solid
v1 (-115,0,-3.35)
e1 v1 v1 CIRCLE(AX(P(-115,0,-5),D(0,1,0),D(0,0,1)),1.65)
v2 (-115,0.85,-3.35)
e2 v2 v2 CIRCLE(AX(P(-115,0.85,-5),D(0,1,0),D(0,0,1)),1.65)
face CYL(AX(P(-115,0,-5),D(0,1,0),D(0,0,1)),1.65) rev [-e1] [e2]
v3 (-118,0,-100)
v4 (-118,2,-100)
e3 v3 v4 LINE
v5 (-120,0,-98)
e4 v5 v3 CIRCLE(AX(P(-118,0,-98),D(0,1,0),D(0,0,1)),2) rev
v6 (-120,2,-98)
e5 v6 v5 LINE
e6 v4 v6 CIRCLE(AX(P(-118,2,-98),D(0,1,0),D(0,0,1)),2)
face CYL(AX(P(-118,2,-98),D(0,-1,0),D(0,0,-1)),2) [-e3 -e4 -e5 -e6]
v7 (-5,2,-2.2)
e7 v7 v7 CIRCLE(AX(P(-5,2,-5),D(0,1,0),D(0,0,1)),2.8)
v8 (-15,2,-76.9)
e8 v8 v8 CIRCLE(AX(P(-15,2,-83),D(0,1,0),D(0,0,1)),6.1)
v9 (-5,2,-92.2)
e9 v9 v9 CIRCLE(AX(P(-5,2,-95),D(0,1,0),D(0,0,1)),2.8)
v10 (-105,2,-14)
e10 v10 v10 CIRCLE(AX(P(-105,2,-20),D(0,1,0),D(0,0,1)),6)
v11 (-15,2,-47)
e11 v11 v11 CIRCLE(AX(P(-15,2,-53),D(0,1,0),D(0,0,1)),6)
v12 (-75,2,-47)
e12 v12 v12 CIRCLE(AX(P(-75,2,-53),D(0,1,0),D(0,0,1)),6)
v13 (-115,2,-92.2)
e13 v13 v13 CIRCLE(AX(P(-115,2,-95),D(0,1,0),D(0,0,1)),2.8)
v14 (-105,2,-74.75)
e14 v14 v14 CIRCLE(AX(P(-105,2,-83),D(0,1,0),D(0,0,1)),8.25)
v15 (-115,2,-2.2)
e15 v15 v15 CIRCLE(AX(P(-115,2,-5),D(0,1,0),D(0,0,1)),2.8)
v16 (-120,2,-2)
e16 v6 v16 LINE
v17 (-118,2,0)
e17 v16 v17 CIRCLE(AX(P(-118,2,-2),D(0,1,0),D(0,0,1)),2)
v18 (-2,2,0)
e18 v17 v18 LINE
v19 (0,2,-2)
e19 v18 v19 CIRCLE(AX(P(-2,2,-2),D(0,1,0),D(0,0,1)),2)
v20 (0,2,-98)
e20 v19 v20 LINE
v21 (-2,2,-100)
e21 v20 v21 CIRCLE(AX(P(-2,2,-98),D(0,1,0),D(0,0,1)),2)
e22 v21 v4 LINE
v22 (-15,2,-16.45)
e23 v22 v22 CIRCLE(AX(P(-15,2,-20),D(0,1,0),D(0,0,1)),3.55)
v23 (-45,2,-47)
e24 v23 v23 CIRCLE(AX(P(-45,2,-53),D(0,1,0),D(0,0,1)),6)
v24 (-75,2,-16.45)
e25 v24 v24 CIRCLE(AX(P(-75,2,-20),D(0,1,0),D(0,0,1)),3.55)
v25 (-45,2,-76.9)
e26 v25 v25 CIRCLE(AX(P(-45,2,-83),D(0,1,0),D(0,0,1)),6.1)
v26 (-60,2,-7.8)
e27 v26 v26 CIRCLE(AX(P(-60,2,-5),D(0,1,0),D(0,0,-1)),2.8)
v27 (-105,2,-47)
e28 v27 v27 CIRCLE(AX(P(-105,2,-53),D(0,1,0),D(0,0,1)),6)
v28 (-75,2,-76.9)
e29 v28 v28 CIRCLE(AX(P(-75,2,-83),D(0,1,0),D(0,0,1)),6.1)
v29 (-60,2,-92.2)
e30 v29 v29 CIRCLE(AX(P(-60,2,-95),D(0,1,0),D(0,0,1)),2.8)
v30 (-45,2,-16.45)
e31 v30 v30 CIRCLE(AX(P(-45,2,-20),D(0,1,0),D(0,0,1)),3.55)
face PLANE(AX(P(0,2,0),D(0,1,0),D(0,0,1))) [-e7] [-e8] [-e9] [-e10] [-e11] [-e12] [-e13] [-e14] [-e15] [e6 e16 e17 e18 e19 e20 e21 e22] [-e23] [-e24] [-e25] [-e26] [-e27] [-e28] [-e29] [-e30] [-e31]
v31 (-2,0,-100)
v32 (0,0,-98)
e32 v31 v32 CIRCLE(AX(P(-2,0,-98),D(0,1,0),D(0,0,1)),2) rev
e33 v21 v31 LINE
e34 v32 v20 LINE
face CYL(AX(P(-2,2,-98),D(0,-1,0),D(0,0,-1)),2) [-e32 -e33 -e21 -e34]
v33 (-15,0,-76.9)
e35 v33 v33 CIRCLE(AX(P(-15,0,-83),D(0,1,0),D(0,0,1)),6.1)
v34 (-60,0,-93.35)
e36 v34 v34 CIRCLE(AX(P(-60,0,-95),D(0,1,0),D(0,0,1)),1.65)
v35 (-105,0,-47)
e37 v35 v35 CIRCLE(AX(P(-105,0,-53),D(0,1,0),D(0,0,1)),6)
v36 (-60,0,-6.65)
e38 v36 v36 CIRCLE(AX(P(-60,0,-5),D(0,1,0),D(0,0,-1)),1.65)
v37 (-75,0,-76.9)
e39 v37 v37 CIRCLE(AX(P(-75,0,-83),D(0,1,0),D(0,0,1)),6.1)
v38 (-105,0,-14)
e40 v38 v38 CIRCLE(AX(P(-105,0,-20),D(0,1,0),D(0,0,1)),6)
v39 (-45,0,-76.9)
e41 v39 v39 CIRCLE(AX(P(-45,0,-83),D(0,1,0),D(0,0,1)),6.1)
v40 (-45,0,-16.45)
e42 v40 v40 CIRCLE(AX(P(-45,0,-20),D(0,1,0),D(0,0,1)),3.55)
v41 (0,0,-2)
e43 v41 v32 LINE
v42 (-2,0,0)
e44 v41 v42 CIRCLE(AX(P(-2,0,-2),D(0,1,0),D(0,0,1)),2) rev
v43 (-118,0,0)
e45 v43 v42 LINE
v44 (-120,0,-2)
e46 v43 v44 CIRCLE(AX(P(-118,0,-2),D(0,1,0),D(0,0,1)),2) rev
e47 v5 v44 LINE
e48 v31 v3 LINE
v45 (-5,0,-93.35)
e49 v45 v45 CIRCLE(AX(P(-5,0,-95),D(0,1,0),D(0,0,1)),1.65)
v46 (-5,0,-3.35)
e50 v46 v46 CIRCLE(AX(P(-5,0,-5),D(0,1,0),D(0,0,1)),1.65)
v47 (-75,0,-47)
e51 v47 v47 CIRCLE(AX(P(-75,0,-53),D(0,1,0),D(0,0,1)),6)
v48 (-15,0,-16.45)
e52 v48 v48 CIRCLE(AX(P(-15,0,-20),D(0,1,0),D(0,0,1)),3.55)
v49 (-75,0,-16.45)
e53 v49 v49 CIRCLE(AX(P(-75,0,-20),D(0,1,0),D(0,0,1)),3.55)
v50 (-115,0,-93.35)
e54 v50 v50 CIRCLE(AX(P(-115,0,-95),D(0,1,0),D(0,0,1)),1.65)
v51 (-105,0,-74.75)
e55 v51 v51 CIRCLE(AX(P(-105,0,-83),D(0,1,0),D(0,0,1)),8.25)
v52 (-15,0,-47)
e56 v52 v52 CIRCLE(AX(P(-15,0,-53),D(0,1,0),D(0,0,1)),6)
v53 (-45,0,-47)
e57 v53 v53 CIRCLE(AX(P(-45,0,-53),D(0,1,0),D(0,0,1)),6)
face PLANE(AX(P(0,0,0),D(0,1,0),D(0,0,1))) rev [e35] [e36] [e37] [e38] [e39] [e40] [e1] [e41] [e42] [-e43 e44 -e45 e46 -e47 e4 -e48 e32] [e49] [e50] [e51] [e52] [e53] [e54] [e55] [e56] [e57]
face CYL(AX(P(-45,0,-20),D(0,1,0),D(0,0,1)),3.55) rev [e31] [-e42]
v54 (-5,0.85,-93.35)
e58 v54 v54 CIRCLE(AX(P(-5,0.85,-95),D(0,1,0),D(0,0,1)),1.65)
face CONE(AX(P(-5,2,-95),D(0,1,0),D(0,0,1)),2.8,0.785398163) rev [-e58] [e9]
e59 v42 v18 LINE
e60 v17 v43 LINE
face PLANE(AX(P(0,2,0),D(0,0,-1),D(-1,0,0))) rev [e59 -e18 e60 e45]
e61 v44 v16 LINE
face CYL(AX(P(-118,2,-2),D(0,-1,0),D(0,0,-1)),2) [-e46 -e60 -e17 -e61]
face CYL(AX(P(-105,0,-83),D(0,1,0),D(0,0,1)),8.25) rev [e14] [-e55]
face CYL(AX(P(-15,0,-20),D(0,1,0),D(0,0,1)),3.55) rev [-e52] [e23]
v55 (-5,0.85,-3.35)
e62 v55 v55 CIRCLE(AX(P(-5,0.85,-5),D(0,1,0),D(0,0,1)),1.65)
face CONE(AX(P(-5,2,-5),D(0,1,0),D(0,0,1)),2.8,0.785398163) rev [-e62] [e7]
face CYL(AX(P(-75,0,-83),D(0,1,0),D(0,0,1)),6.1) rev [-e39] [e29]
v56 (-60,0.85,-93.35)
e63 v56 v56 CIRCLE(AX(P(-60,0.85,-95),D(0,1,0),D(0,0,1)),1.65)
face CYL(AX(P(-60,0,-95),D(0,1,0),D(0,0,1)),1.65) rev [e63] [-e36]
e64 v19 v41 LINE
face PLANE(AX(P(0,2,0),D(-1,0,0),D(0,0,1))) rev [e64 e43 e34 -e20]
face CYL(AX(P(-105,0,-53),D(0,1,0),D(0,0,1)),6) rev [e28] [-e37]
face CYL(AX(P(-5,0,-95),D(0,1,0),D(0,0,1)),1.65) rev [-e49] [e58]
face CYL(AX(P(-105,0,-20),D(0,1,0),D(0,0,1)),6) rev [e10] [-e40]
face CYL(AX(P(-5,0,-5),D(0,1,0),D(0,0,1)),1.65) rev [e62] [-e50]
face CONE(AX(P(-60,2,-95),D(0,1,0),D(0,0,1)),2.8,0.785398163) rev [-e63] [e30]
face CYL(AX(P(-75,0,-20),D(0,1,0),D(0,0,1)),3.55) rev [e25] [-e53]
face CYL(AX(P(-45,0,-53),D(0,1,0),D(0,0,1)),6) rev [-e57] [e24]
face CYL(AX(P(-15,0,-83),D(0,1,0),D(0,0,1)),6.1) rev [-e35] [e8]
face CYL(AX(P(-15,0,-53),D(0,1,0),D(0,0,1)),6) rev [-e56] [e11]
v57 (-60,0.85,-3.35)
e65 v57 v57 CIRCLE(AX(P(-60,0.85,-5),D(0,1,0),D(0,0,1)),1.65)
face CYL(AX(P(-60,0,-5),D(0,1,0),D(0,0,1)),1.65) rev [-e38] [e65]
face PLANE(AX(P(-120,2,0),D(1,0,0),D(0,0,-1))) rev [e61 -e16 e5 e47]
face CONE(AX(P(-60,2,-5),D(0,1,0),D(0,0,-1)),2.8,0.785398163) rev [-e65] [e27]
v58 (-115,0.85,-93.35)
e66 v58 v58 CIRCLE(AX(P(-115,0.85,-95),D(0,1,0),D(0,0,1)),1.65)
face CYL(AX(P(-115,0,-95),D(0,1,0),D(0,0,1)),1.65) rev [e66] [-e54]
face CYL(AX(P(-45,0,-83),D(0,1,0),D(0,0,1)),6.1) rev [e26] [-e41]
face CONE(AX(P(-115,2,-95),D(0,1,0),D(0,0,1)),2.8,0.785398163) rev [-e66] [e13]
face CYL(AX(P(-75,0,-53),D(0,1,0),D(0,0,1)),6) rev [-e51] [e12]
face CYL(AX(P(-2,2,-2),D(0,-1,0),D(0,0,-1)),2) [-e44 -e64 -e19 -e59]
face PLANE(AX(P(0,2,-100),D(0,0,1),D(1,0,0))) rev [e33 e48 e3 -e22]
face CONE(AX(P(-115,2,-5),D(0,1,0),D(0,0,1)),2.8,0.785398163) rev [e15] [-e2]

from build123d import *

# Parameters (mm, degrees)
BOTTOM_PLATE_W                       = 120
BOTTOM_PLATE_H                       = 100
BOTTOM_PLATE_EXT_DEPTH               = 2
MIDDLE_ROW_R                         = 6
MIDDLE_ROW_CUT_DEPTH                 = 157.217796681
TOP_ROW_R                            = 8.25
TOP_ROW_R_2                          = 6.1
TOP_ROW_CUT_DEPTH                    = 157.217796681
BOTTOM_ROW_R                         = 3.55
BOTTOM_ROW_R_2                       = 6
BOTTOM_ROW_CUT_DEPTH                 = 157.217796681
PLATE_SCREWS_R                       = 1.65
PLATE_SCREWS_CUT_DEPTH               = 157.217796681
PLATE_SCREW_HEAD_R                   = 2.8
PLATE_SCREW_HEAD_CUT_DEPTH           = 2
PLATE_SCREW_HEAD_CUT_DRAFT           = -45
PLATE_SCREW_HEAD_CUT_PROFILE_2_DEPTH = 2
PLATE_SCREW_HEAD_CUT_PROFILE_2_DRAFT = -45
PLATE_SCREW_HEAD_CUT_PROFILE_3_DEPTH = 2
PLATE_SCREW_HEAD_CUT_PROFILE_3_DRAFT = -45
PLATE_SCREW_HEAD_CUT_PROFILE_4_DEPTH = 2
PLATE_SCREW_HEAD_CUT_PROFILE_4_DRAFT = -45
PLATE_SCREW_HEAD_CUT_PROFILE_5_DEPTH = 2
PLATE_SCREW_HEAD_CUT_PROFILE_5_DRAFT = -45
PLATE_SCREW_HEAD_CUT_PROFILE_6_DEPTH = 2
PLATE_SCREW_HEAD_CUT_PROFILE_6_DRAFT = -45
FILLET1_R                            = 2
FILLET2_R                            = 2
FILLET3_R                            = 2
FILLET4_R                            = 2


with BuildPart() as part:
    # Bottom Plate → Bottom Plate EXT (new body)
    with BuildSketch(Plane(origin=(0, 0, 0), x_dir=(1, 0, 0), z_dir=(0, 1, 0))):
        with Locations((-60, 50)):
            Rectangle(BOTTOM_PLATE_W, BOTTOM_PLATE_H)
    extrude(amount=BOTTOM_PLATE_EXT_DEPTH)

    # Middle Row → Middle Row Cut (cut, through all)
    with BuildSketch(Plane(origin=(0, 2, 0), x_dir=(1, 0, 0), z_dir=(0, 1, 0))):
        with Locations(Location((-105, 53, 0), (0, 0, 270))):
            Circle(MIDDLE_ROW_R)
        with Locations(Location((-75, 53, 0), (0, 0, 270))):
            Circle(MIDDLE_ROW_R)
        with Locations(Location((-45, 53, 0), (0, 0, 270))):
            Circle(MIDDLE_ROW_R)
        with Locations(Location((-15, 53, 0), (0, 0, 270))):
            Circle(MIDDLE_ROW_R)
    extrude(amount=-MIDDLE_ROW_CUT_DEPTH, mode=Mode.SUBTRACT)

    # Top Row → Top Row Cut (cut, through all)
    with BuildSketch(Plane(origin=(0, 2, 0), x_dir=(1, 0, 0), z_dir=(0, 1, 0))):
        with Locations(Location((-105, 83, 0), (0, 0, 270))):
            Circle(TOP_ROW_R)
        with Locations(Location((-75, 83, 0), (0, 0, 270))):
            Circle(TOP_ROW_R_2)
        with Locations(Location((-45, 83, 0), (0, 0, 270))):
            Circle(TOP_ROW_R_2)
        with Locations(Location((-15, 83, 0), (0, 0, 270))):
            Circle(TOP_ROW_R_2)
    extrude(amount=-TOP_ROW_CUT_DEPTH, mode=Mode.SUBTRACT)

    # Bottom Row → Bottom Row Cut (cut, through all)
    with BuildSketch(Plane(origin=(0, 2, 0), x_dir=(1, 0, 0), z_dir=(0, 1, 0))):
        with Locations(Location((-75, 20, 0), (0, 0, 270))):
            Circle(BOTTOM_ROW_R)
        with Locations(Location((-45, 20, 0), (0, 0, 270))):
            Circle(BOTTOM_ROW_R)
        with Locations(Location((-15, 20, 0), (0, 0, 270))):
            Circle(BOTTOM_ROW_R)
        with Locations(Location((-105, 20, 0), (0, 0, 270))):
            Circle(BOTTOM_ROW_R_2)
    extrude(amount=-BOTTOM_ROW_CUT_DEPTH, mode=Mode.SUBTRACT)

    # Plate Screws → Plate Screws Cut (cut, through all)
    with BuildSketch(Plane(origin=(0, 2, 0), x_dir=(1, 0, 0), z_dir=(0, 1, 0))):
        with Locations(Location((-115, 95, 0), (0, 0, 270))):
            Circle(PLATE_SCREWS_R)
        with Locations(Location((-5, 95, 0), (0, 0, 270))):
            Circle(PLATE_SCREWS_R)
        with Locations(Location((-5, 5, 0), (0, 0, 270))):
            Circle(PLATE_SCREWS_R)
        with Locations(Location((-115, 5, 0), (0, 0, 270))):
            Circle(PLATE_SCREWS_R)
        with Locations(Location((-60, 95, 0), (0, 0, 270))):
            Circle(PLATE_SCREWS_R)
        with Locations(Location((-60, 5, 0), (0, 0, 90))):
            Circle(PLATE_SCREWS_R)
    extrude(amount=-PLATE_SCREWS_CUT_DEPTH, mode=Mode.SUBTRACT)


with BuildPart() as plate_screw_head_cut_tool:
    # Plate Screw Head → Plate Screw Head Cut (with draft: the straight prism first)
    with BuildSketch(Plane(origin=(0, 2, 0), x_dir=(1, 0, 0), z_dir=(0, 1, 0))):
        with Locations((-115, 95)):
            Circle(PLATE_SCREW_HEAD_R)
    extrude(amount=-PLATE_SCREW_HEAD_CUT_DEPTH)
    # Plate Screw Head Cut: the draft: its side faces are tilted about the plane it starts from
    plate_screw_head_cut_sides = [plate_screw_head_cut_tool.faces().sort_by_distance(p)[0] for p in [
        (-117.8, 1, -95),
    ]]
    draft(plate_screw_head_cut_sides, Plane(origin=(0, 2, 0), x_dir=(1, 0, 0), z_dir=(0, 1, 0)), PLATE_SCREW_HEAD_CUT_DRAFT)


with BuildPart() as part_1:
    add(part.part)

    # Plate Screw Head Cut: cut by plate_screw_head_cut_tool
    add(plate_screw_head_cut_tool.part, mode=Mode.SUBTRACT)


with BuildPart() as plate_screw_head_cut_profile_2_tool:
    # Plate Screw Head → Plate Screw Head Cut profile 2 (with draft: the straight prism first)
    with BuildSketch(Plane(origin=(0, 2, 0), x_dir=(1, 0, 0), z_dir=(0, 1, 0))):
        with Locations((-5, 95)):
            Circle(PLATE_SCREW_HEAD_R)
    extrude(amount=-PLATE_SCREW_HEAD_CUT_PROFILE_2_DEPTH)
    # Plate Screw Head Cut profile 2: the draft: its side faces are tilted about the plane it starts from
    plate_screw_head_cut_profile_2_sides = [plate_screw_head_cut_profile_2_tool.faces().sort_by_distance(p)[0] for p in [
        (-7.8, 1, -95),
    ]]
    draft(plate_screw_head_cut_profile_2_sides, Plane(origin=(0, 2, 0), x_dir=(1, 0, 0), z_dir=(0, 1, 0)), PLATE_SCREW_HEAD_CUT_PROFILE_2_DRAFT)


with BuildPart() as part_2:
    add(part_1.part)

    # Plate Screw Head Cut profile 2: cut by plate_screw_head_cut_profile_2_tool
    add(plate_screw_head_cut_profile_2_tool.part, mode=Mode.SUBTRACT)


with BuildPart() as plate_screw_head_cut_profile_3_tool:
    # Plate Screw Head → Plate Screw Head Cut profile 3 (with draft: the straight prism first)
    with BuildSketch(Plane(origin=(0, 2, 0), x_dir=(1, 0, 0), z_dir=(0, 1, 0))):
        with Locations((-5, 5)):
            Circle(PLATE_SCREW_HEAD_R)
    extrude(amount=-PLATE_SCREW_HEAD_CUT_PROFILE_3_DEPTH)
    # Plate Screw Head Cut profile 3: the draft: its side faces are tilted about the plane it starts from
    plate_screw_head_cut_profile_3_sides = [plate_screw_head_cut_profile_3_tool.faces().sort_by_distance(p)[0] for p in [
        (-7.8, 1, -5),
    ]]
    draft(plate_screw_head_cut_profile_3_sides, Plane(origin=(0, 2, 0), x_dir=(1, 0, 0), z_dir=(0, 1, 0)), PLATE_SCREW_HEAD_CUT_PROFILE_3_DRAFT)


with BuildPart() as part_3:
    add(part_2.part)

    # Plate Screw Head Cut profile 3: cut by plate_screw_head_cut_profile_3_tool
    add(plate_screw_head_cut_profile_3_tool.part, mode=Mode.SUBTRACT)


with BuildPart() as plate_screw_head_cut_profile_4_tool:
    # Plate Screw Head → Plate Screw Head Cut profile 4 (with draft: the straight prism first)
    with BuildSketch(Plane(origin=(0, 2, 0), x_dir=(1, 0, 0), z_dir=(0, 1, 0))):
        with Locations((-115, 5)):
            Circle(PLATE_SCREW_HEAD_R)
    extrude(amount=-PLATE_SCREW_HEAD_CUT_PROFILE_4_DEPTH)
    # Plate Screw Head Cut profile 4: the draft: its side faces are tilted about the plane it starts from
    plate_screw_head_cut_profile_4_sides = [plate_screw_head_cut_profile_4_tool.faces().sort_by_distance(p)[0] for p in [
        (-117.8, 1, -5),
    ]]
    draft(plate_screw_head_cut_profile_4_sides, Plane(origin=(0, 2, 0), x_dir=(1, 0, 0), z_dir=(0, 1, 0)), PLATE_SCREW_HEAD_CUT_PROFILE_4_DRAFT)


with BuildPart() as part_4:
    add(part_3.part)

    # Plate Screw Head Cut profile 4: cut by plate_screw_head_cut_profile_4_tool
    add(plate_screw_head_cut_profile_4_tool.part, mode=Mode.SUBTRACT)


with BuildPart() as plate_screw_head_cut_profile_5_tool:
    # Plate Screw Head → Plate Screw Head Cut profile 5 (with draft: the straight prism first)
    with BuildSketch(Plane(origin=(0, 2, 0), x_dir=(1, 0, 0), z_dir=(0, 1, 0))):
        with Locations((-60, 95)):
            Circle(PLATE_SCREW_HEAD_R)
    extrude(amount=-PLATE_SCREW_HEAD_CUT_PROFILE_5_DEPTH)
    # Plate Screw Head Cut profile 5: the draft: its side faces are tilted about the plane it starts from
    plate_screw_head_cut_profile_5_sides = [plate_screw_head_cut_profile_5_tool.faces().sort_by_distance(p)[0] for p in [
        (-62.8, 1, -95),
    ]]
    draft(plate_screw_head_cut_profile_5_sides, Plane(origin=(0, 2, 0), x_dir=(1, 0, 0), z_dir=(0, 1, 0)), PLATE_SCREW_HEAD_CUT_PROFILE_5_DRAFT)


with BuildPart() as part_5:
    add(part_4.part)

    # Plate Screw Head Cut profile 5: cut by plate_screw_head_cut_profile_5_tool
    add(plate_screw_head_cut_profile_5_tool.part, mode=Mode.SUBTRACT)


with BuildPart() as plate_screw_head_cut_profile_6_tool:
    # Plate Screw Head → Plate Screw Head Cut profile 6 (with draft: the straight prism first)
    with BuildSketch(Plane(origin=(0, 2, 0), x_dir=(1, 0, 0), z_dir=(0, 1, 0))):
        with Locations((-60, 5)):
            Circle(PLATE_SCREW_HEAD_R)
    extrude(amount=-PLATE_SCREW_HEAD_CUT_PROFILE_6_DEPTH)
    # Plate Screw Head Cut profile 6: the draft: its side faces are tilted about the plane it starts from
    plate_screw_head_cut_profile_6_sides = [plate_screw_head_cut_profile_6_tool.faces().sort_by_distance(p)[0] for p in [
        (-62.8, 1, -5),
    ]]
    draft(plate_screw_head_cut_profile_6_sides, Plane(origin=(0, 2, 0), x_dir=(1, 0, 0), z_dir=(0, 1, 0)), PLATE_SCREW_HEAD_CUT_PROFILE_6_DRAFT)


with BuildPart() as part_6:
    add(part_5.part)

    # Plate Screw Head Cut profile 6: cut by plate_screw_head_cut_profile_6_tool
    add(plate_screw_head_cut_profile_6_tool.part, mode=Mode.SUBTRACT)

    # Fillet1
    fillet1_edges = [part_6.edges().sort_by_distance(p)[0] for p in [
        (-120, 1, -100),
    ]]
    fillet(fillet1_edges, radius=FILLET1_R)

    # Fillet2
    fillet2_edges = [part_6.edges().sort_by_distance(p)[0] for p in [
        (0, 1, -100),
    ]]
    fillet(fillet2_edges, radius=FILLET2_R)

    # Fillet3
    fillet3_edges = [part_6.edges().sort_by_distance(p)[0] for p in [
        (0, 1, 0),
    ]]
    fillet(fillet3_edges, radius=FILLET3_R)

    # Fillet4
    fillet4_edges = [part_6.edges().sort_by_distance(p)[0] for p in [
        (-120, 1, 0),
    ]]
    fillet(fillet4_edges, radius=FILLET4_R)


solid = part_6.part
